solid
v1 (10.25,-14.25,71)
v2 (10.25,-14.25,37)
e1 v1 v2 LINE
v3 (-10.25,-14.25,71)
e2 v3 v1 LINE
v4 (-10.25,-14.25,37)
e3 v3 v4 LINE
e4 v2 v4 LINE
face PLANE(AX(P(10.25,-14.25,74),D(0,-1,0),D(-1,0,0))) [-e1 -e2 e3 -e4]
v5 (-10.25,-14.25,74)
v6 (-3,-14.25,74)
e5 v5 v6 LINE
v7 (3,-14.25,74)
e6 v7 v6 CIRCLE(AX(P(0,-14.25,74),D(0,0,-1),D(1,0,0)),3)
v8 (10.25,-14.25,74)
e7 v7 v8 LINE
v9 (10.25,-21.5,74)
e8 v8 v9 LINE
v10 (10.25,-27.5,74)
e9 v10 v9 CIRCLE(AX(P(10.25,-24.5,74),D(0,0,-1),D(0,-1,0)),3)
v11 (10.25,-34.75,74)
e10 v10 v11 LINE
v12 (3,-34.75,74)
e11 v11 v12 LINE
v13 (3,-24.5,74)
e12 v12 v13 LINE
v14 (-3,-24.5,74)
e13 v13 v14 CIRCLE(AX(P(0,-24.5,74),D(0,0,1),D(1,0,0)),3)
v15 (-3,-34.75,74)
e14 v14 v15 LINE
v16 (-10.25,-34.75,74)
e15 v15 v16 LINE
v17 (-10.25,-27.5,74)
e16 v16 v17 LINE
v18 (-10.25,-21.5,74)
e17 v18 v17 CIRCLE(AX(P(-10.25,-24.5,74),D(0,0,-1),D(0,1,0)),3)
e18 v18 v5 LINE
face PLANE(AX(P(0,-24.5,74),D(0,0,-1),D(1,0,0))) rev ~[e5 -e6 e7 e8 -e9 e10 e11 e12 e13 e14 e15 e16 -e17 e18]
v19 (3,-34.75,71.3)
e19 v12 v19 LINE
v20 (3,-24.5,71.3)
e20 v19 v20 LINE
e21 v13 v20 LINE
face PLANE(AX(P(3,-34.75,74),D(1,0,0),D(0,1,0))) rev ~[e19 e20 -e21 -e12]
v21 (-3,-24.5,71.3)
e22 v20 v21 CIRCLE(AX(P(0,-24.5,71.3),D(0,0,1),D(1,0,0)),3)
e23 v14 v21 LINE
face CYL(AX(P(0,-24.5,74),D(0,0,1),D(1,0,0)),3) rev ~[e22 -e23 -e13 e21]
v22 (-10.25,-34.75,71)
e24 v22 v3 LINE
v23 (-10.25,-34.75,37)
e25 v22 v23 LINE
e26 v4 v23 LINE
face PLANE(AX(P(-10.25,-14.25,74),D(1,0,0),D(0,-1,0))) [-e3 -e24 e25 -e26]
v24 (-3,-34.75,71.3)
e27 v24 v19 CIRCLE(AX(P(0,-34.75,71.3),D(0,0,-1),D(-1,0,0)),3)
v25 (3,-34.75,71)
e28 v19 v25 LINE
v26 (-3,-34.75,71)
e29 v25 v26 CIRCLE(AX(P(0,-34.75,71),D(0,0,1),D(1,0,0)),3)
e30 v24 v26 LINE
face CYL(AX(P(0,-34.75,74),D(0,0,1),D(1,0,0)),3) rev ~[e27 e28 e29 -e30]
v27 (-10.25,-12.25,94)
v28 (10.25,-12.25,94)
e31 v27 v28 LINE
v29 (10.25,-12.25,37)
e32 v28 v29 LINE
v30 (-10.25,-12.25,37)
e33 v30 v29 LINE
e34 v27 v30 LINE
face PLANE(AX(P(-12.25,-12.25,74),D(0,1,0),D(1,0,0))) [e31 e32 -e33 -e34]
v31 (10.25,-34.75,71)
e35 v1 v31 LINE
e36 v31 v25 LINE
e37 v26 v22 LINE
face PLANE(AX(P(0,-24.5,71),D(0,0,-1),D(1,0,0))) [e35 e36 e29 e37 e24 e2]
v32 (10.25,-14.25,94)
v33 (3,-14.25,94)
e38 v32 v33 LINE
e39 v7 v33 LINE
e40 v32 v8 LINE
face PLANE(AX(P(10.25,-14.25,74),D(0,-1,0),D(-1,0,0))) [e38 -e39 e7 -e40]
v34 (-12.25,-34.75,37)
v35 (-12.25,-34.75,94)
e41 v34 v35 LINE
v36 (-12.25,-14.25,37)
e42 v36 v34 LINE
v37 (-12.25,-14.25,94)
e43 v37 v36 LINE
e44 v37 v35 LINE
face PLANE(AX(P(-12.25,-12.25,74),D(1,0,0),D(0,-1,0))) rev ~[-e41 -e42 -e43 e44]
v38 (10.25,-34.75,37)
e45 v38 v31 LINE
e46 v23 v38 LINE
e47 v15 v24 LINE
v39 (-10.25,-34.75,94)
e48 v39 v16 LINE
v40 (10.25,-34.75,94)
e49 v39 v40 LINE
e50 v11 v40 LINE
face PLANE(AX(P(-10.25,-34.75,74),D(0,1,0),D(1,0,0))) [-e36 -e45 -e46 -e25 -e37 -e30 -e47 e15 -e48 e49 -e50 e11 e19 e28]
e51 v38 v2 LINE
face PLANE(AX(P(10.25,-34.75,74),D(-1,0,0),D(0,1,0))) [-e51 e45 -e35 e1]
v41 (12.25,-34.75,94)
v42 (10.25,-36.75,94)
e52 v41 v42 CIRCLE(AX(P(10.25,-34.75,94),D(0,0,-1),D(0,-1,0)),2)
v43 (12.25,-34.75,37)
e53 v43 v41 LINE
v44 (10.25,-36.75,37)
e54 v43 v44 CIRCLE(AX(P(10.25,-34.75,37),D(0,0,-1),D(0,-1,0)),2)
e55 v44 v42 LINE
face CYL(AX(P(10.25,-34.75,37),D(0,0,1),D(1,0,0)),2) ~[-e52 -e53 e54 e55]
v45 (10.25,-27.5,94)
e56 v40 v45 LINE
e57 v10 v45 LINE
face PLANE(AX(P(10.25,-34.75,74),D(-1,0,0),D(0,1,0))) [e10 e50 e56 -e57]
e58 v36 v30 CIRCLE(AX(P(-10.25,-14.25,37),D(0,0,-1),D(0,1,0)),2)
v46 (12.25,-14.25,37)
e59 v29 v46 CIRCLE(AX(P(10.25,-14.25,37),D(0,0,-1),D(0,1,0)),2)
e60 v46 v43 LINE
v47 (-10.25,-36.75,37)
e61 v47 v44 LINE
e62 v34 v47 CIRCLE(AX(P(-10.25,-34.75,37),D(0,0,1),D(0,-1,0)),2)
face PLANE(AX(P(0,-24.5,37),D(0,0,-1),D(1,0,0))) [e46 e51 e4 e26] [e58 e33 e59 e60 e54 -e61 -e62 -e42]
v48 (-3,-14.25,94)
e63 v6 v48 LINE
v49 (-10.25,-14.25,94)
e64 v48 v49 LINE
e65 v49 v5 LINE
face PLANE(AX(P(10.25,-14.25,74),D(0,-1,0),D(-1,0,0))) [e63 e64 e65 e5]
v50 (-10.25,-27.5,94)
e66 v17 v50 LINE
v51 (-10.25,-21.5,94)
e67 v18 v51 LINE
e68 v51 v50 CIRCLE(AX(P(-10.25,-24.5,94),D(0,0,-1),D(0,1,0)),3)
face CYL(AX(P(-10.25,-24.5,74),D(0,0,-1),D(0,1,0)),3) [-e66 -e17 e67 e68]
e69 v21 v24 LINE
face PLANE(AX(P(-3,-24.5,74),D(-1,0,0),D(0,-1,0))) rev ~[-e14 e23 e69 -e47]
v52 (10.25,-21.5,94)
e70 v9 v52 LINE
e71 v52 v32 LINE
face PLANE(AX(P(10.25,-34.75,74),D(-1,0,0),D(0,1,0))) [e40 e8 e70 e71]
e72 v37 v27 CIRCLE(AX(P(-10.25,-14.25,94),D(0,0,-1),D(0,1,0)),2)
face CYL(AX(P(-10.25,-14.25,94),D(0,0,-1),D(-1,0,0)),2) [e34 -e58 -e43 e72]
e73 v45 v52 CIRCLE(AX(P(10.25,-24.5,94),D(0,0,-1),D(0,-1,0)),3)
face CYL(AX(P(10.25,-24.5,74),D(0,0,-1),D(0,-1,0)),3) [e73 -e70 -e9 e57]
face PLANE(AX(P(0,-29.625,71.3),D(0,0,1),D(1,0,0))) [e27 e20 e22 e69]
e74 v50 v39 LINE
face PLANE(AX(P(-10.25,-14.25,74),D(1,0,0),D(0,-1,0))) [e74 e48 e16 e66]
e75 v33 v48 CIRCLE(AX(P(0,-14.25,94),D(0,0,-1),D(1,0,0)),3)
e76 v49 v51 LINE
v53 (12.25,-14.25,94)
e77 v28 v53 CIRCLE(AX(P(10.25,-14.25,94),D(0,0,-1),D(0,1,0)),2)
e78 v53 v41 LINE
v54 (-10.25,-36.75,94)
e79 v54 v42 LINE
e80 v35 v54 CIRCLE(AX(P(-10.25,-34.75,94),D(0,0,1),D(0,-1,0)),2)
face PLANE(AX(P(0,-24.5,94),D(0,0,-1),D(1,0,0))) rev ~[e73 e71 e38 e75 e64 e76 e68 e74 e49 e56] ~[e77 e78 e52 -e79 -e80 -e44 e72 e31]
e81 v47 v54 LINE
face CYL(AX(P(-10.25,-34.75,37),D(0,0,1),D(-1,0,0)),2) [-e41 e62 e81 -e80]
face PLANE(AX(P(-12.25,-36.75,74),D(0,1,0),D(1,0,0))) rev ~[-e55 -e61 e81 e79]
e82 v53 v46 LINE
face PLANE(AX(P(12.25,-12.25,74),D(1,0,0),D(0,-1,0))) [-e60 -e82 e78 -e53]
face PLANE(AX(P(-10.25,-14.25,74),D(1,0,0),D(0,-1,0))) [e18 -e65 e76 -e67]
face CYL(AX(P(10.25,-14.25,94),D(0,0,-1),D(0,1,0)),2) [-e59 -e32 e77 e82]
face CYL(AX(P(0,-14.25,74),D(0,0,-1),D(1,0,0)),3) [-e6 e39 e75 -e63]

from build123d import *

# Parameters (mm, degrees)
F0_W     = 24.5
F0_H     = 24.5
F1_DEPTH = 37
F2_DEPTH = 20
F3_DEPTH = 3
F5_DEPTH = 2.7
F6_R     = 2
F7_ANGLE = -180


with BuildPart() as f1:
    # F0 (on Top) → F1 (new body)
    with BuildSketch(Plane.XY):
        Rectangle(F0_W, F0_H)
        Polygon((10.25, -3), (10.25, -10.25), (3, -10.25), (-3, -10.25), (-10.25, -10.25), (-10.25, -3), (-10.25, 3), (-10.25, 10.25), (-3, 10.25), (3, 10.25), (10.25, 10.25), (10.25, 3), align=None, mode=Mode.SUBTRACT)
    extrude(amount=F1_DEPTH)

    # F0 (on Top) → F2 (join)
    with BuildSketch(Plane.XY):
        Rectangle(F0_W, F0_H)
        Polygon((10.25, -3), (10.25, -10.25), (3, -10.25), (-3, -10.25), (-10.25, -10.25), (-10.25, -3), (-10.25, 3), (-10.25, 10.25), (-3, 10.25), (3, 10.25), (10.25, 10.25), (10.25, 3), align=None, mode=Mode.SUBTRACT)
        with BuildLine():
            Line((-3, -10.25), (3, -10.25))
            ThreePointArc((3, -10.25), (0, -7.25), (-3, -10.25))
        make_face()
        with BuildLine():
            Line((-10.25, 3), (-10.25, -3))
            ThreePointArc((-10.25, -3), (-7.25, 0), (-10.25, 3))
        make_face()
        with BuildLine():
            ThreePointArc((10.25, 3), (7.25, 0), (10.25, -3))
            Line((10.25, -3), (10.25, 3))
        make_face()
    extrude(amount=-F2_DEPTH)

    # F0 (on Top) → F3 (join)
    with BuildSketch(Plane.XY):
        with BuildLine():
            Line((3, -10.25), (10.25, -10.25))
            Line((10.25, -10.25), (10.25, -3))
            ThreePointArc((10.25, -3), (7.25, 0), (10.25, 3))
            Line((10.25, 3), (10.25, 10.25))
            Line((10.25, 10.25), (3, 10.25))
            ThreePointArc((3, 10.25), (0, 7.25), (-3, 10.25))
            Line((-3, 10.25), (-10.25, 10.25))
            Line((-10.25, 10.25), (-10.25, 3))
            ThreePointArc((-10.25, 3), (-7.25, 0), (-10.25, -3))
            Line((-10.25, -3), (-10.25, -10.25))
            Line((-10.25, -10.25), (-3, -10.25))
            ThreePointArc((-3, -10.25), (0, -7.25), (3, -10.25))
        make_face()
        with BuildLine():
            Line((-10.25, 3), (-10.25, -3))
            ThreePointArc((-10.25, -3), (-7.25, 0), (-10.25, 3))
        make_face()
        with BuildLine():
            Line((-3, -10.25), (3, -10.25))
            ThreePointArc((3, -10.25), (0, -7.25), (-3, -10.25))
        make_face()
        with BuildLine():
            ThreePointArc((10.25, 3), (7.25, 0), (10.25, -3))
            Line((10.25, -3), (10.25, 3))
        make_face()
    extrude(amount=F3_DEPTH)

    # F4 (on face) → F5 (cut)
    with BuildSketch(Plane(origin=(0, 0, 0), x_dir=(1, 0, 0), z_dir=(0, 0, -1))):
        with BuildLine():
            Line((3, -10.25), (3, 0))
            ThreePointArc((3, 0), (0, -3), (-3, 0))
            Line((-3, 0), (-3, -10.25))
            ThreePointArc((-3, -10.25), (0, -7.25), (3, -10.25))
        make_face()
        with BuildLine():
            ThreePointArc((-3, 0), (0, -3), (3, 0))
            ThreePointArc((3, 0), (0, 3), (-3, 0))
        make_face()
    extrude(amount=-F5_DEPTH, mode=Mode.SUBTRACT)

    # F6
    f6_edges = [f1.edges().sort_by_distance(p)[0] for p in [
        (-12.25, -12.25, 8.5),
        (12.25, -12.25, 8.5),
        (12.25, 12.25, 8.5),
        (-12.25, 12.25, 8.5),
    ]]
    fillet(f6_edges, radius=F6_R)


with BuildPart() as f1_1:
    # F7: moved
    add(f1.part.rotate(Axis((0, -12.25, 37), (-1, 0, 0)), F7_ANGLE))


solid = f1_1.part
